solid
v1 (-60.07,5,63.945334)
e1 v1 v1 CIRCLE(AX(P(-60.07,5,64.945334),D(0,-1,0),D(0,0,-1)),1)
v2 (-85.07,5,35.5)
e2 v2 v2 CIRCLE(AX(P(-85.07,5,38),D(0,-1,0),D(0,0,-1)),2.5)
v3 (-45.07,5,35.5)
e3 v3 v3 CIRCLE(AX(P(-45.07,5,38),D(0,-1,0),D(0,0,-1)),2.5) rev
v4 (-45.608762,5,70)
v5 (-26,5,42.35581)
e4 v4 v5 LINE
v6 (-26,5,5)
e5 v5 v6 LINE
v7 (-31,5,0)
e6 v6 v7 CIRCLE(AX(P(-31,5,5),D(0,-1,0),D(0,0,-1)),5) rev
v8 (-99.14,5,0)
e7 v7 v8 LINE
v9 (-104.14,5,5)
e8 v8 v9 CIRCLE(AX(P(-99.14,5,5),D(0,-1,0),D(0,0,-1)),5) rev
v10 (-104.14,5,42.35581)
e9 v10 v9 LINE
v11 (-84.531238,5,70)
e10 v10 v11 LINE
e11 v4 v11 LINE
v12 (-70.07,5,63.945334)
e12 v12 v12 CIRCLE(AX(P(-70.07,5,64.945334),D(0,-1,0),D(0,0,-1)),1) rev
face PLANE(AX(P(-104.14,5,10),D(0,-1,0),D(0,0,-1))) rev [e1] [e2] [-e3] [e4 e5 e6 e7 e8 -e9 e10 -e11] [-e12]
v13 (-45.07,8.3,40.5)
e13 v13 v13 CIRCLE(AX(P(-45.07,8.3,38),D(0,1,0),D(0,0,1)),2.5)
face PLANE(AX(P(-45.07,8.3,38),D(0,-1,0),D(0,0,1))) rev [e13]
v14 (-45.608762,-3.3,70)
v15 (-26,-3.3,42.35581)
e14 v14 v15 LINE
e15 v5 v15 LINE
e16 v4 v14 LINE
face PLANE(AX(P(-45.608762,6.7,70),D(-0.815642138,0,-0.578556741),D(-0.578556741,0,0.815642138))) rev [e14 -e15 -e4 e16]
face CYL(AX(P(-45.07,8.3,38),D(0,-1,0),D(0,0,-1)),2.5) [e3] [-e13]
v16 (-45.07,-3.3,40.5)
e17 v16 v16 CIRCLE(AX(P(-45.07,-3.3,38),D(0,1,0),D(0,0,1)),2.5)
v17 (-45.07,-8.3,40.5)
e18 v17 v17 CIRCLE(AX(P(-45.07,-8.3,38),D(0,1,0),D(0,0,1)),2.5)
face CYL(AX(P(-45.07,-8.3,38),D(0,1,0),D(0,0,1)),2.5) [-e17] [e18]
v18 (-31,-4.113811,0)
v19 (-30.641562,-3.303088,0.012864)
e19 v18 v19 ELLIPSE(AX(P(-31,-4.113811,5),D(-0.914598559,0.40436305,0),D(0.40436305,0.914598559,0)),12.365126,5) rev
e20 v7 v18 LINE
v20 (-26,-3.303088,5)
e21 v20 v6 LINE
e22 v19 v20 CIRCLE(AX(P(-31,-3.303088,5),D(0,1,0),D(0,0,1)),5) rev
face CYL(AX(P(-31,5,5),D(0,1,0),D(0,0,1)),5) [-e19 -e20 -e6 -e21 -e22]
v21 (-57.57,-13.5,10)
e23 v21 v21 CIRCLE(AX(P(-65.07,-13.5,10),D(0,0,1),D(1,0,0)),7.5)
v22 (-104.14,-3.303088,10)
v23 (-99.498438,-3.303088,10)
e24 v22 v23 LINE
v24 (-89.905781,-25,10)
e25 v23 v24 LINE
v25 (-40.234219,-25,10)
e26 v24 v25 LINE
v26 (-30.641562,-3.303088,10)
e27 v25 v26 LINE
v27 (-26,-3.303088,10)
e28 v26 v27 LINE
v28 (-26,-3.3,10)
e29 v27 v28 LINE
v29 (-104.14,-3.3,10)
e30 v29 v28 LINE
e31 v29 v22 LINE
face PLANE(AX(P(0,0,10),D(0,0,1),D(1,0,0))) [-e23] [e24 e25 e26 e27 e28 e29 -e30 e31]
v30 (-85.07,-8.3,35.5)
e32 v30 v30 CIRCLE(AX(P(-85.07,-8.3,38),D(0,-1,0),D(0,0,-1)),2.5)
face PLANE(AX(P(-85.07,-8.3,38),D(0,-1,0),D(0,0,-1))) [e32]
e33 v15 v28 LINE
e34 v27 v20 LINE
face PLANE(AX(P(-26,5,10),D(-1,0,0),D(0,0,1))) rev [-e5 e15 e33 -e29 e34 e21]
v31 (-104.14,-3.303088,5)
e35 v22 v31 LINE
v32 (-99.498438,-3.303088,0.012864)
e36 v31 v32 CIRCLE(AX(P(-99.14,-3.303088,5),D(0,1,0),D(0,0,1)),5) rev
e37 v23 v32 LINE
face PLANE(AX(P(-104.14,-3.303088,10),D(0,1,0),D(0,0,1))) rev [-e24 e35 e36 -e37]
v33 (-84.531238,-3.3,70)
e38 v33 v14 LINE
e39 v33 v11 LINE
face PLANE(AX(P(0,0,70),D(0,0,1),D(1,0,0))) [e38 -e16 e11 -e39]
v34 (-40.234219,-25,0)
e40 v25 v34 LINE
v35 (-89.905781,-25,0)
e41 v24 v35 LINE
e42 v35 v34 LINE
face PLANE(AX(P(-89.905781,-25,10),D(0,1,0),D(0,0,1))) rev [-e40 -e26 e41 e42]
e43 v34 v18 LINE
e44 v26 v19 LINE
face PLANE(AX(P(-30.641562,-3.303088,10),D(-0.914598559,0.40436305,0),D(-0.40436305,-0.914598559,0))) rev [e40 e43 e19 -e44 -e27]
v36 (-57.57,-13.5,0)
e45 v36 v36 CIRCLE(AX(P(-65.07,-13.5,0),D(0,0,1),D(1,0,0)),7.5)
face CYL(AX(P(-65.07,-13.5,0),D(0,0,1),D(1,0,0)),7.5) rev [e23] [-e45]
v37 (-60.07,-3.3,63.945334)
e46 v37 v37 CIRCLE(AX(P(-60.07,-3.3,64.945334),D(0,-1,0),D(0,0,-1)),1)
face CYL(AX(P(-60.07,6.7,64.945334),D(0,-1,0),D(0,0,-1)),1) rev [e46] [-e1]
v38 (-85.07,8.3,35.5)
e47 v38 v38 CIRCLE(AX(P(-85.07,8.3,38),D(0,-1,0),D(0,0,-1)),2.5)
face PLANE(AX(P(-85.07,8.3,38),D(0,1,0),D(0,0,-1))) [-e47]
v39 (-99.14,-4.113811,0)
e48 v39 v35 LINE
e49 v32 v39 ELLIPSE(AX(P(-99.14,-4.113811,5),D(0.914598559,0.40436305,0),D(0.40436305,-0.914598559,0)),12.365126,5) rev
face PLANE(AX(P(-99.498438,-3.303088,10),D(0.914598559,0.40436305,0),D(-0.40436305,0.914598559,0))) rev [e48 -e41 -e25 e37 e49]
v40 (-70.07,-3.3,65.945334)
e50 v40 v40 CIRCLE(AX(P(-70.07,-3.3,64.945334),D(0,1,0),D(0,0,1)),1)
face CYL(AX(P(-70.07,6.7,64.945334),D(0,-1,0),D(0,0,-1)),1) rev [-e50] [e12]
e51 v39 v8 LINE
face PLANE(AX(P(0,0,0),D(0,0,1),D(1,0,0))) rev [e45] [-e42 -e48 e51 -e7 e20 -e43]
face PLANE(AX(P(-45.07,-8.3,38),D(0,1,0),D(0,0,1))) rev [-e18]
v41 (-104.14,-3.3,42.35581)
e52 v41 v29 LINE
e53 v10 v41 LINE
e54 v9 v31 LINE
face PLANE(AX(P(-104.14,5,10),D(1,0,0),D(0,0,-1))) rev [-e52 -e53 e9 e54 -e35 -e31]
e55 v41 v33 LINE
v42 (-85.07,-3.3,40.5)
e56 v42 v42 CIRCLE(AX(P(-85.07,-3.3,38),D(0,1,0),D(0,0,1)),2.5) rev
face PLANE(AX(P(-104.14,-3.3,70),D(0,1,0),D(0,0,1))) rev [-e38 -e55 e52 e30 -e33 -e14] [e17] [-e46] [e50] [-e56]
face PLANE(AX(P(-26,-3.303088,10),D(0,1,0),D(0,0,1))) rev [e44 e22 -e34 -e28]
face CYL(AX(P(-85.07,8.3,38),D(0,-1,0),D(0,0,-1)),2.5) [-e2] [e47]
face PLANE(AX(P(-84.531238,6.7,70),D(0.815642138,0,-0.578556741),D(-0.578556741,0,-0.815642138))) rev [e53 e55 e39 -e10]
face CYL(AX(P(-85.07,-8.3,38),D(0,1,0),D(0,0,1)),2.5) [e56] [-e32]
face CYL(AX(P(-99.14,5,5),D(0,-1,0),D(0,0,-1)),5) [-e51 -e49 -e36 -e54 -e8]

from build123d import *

# Parameters (mm, degrees)
BOSS_EXTRUDE1_DEPTH = 10
SKETCH2_W           = 78.14
SKETCH2_H           = 8.3
BOSS_EXTRUDE2_DEPTH = 60
SKETCH3_R           = 7.5
CUT_EXTRUDE1_DEPTH  = 10
FILLET1_R           = 5
CUT_EXTRUDE2_DEPTH  = 10
SKETCH5_R           = 2.5
BOSS_EXTRUDE3_DEPTH = 5
SKETCH7_R           = 1
CUT_EXTRUDE3_DEPTH  = 10


with BuildPart() as part:
    # Sketch1 → Boss-Extrude1 (new body)
    with BuildSketch(Plane.XY):
        Polygon((-104.14, 5), (-26, 5), (-26, -3.303087832), (-30.641562484, -3.303087832), (-40.234218738, -25), (-89.905781262, -25), (-99.498437516, -3.303087832), (-104.14, -3.303087832), align=None)
    extrude(amount=BOSS_EXTRUDE1_DEPTH)

    # Sketch2 → Boss-Extrude2 (add)
    with BuildSketch(Plane.XY.offset(10)):
        with Locations((-65.07, 0.85)):
            Rectangle(SKETCH2_W, SKETCH2_H)
    extrude(amount=BOSS_EXTRUDE2_DEPTH)

    # Sketch3 → Cut-Extrude1 (cut)
    with BuildSketch(Plane.XY.offset(10)):
        with Locations((-65.07, -13.5)):
            Circle(SKETCH3_R)
    extrude(amount=-CUT_EXTRUDE1_DEPTH, mode=Mode.SUBTRACT)

    # Fillet1
    fillet1_edges = [part.edges().sort_by_distance(p)[0] for p in [
        (-26, 0.848456084, 0),
        (-104.14, 0.848456084, 0),
    ]]
    fillet(fillet1_edges, radius=FILLET1_R)

    # Sketch4 → Cut-Extrude2 (cut)
    with BuildSketch(Plane.XZ.offset(3.3)):
        Polygon((-84.531238134, 70), (-104.14, 42.355810036), (-104.14, 70), align=None)
        Polygon((-45.608761866, 70), (-26, 42.355810036), (-26, 70), align=None)
    extrude(amount=-CUT_EXTRUDE2_DEPTH, mode=Mode.SUBTRACT)

    # Sketch5 → Boss-Extrude3 (add)
    with BuildSketch(Plane.XZ.offset(3.3)):
        with Locations(Location((-85.07, 38, 0), (0, 0, 90))):
            Circle(SKETCH5_R)
        with Locations(Location((-45.07, 38, 0), (0, 0, 90))):
            Circle(SKETCH5_R)
    boss_extrude3 = extrude(amount=BOSS_EXTRUDE3_DEPTH)

    # Mirror1: Boss-Extrude3 across plane
    add(boss_extrude3.mirror(Plane.ZX))

    # Sketch7 → Cut-Extrude3 (cut)
    with BuildSketch(Plane.XZ.offset(3.3)):
        with Locations(Location((-60.07, 64.945333525, 0), (0, 0, 270))):
            Circle(SKETCH7_R)
        with Locations(Location((-70.07, 64.945333525, 0), (0, 0, 270))):
            Circle(SKETCH7_R)
    extrude(amount=-CUT_EXTRUDE3_DEPTH, mode=Mode.SUBTRACT)


solid = part.part
